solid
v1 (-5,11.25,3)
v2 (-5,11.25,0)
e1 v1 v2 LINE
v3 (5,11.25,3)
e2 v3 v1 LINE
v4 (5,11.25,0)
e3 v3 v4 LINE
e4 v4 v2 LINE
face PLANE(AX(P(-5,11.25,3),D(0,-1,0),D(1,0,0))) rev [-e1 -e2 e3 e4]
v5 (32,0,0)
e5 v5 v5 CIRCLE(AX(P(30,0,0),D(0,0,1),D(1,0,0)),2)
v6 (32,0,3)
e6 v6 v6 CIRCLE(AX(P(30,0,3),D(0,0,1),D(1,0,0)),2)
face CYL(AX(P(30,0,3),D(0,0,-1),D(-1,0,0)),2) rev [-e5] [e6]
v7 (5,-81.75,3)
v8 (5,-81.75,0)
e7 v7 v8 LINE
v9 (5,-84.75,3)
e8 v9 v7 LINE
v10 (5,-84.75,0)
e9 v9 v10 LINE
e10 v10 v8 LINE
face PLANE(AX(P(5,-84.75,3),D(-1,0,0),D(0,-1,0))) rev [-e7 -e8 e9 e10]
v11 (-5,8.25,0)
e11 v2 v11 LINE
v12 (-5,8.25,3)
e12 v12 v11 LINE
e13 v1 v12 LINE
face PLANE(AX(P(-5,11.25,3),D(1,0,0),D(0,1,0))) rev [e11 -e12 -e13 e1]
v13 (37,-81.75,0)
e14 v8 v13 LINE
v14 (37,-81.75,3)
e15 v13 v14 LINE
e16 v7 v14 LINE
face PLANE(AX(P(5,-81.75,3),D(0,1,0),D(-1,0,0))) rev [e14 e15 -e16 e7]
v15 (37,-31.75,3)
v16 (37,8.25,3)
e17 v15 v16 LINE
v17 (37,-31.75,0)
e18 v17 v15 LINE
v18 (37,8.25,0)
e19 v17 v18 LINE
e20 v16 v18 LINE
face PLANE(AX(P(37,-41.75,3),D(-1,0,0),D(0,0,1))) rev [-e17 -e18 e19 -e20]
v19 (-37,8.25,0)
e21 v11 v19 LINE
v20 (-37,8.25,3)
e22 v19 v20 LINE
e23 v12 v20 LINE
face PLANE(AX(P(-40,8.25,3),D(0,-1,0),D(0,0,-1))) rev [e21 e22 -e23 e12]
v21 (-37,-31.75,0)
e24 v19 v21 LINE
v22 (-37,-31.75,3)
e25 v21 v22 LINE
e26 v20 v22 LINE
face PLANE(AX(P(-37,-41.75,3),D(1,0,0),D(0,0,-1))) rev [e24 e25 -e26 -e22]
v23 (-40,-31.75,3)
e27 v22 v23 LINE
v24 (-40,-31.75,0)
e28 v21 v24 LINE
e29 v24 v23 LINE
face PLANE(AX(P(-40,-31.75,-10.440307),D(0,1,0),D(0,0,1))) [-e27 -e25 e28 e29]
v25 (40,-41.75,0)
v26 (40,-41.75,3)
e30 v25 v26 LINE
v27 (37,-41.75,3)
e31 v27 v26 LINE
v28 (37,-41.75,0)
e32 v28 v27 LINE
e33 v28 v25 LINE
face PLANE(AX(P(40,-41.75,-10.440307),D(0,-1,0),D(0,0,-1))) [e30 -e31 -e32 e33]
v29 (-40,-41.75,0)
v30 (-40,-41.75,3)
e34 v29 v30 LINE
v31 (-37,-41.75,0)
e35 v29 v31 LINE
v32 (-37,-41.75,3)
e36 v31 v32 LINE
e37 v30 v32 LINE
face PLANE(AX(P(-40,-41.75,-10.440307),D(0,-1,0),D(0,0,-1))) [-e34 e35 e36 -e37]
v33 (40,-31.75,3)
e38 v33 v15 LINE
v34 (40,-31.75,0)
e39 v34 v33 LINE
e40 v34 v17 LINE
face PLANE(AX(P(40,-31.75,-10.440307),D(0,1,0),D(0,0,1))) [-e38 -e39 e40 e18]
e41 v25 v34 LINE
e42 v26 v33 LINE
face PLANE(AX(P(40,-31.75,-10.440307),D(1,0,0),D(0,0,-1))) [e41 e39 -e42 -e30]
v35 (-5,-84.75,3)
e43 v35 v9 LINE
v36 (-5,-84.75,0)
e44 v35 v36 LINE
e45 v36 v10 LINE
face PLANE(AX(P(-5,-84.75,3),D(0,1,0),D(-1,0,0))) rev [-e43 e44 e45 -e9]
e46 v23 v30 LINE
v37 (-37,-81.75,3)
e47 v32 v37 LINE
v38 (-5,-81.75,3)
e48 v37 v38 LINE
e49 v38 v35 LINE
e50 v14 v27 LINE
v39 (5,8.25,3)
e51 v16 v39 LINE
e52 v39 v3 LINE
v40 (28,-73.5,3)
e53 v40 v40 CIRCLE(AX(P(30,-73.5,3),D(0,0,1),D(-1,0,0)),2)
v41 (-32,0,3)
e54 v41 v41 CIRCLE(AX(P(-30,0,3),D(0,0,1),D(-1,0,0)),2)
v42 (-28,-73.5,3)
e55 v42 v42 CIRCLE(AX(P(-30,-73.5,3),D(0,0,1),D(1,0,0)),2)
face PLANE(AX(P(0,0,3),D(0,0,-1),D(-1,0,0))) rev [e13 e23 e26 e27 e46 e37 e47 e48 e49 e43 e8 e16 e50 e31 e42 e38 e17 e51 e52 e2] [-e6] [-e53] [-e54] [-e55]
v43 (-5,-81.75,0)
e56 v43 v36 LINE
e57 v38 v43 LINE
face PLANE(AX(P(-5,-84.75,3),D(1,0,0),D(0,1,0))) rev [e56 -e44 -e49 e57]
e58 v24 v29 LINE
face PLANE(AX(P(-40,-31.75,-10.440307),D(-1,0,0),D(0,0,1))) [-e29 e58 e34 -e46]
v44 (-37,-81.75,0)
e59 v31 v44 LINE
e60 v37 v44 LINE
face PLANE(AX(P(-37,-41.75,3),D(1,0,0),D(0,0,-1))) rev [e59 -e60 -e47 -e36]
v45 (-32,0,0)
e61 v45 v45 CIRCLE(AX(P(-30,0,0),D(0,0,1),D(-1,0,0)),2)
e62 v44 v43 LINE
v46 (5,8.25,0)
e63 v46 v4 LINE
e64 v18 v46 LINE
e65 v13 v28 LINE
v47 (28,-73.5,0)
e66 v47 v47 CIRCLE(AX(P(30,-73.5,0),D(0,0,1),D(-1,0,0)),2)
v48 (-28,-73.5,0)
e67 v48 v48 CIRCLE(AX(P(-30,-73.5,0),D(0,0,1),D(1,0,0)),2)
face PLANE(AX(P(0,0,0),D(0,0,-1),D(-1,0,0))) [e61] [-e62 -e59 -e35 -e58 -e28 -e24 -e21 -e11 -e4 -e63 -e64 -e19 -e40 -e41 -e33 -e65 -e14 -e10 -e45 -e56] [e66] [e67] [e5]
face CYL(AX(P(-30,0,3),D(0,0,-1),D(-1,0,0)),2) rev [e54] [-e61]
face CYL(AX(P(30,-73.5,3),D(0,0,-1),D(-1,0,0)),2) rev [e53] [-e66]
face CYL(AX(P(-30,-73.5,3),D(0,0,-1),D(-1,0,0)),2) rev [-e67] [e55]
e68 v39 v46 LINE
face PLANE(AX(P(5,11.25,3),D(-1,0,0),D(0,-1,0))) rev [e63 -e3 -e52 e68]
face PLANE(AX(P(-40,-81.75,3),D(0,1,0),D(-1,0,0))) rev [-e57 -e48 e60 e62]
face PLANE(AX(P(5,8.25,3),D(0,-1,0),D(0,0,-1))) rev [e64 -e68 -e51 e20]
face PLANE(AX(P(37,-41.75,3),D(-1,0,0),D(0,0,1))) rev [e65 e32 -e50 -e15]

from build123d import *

# Parameters (mm, degrees)
SKETCH1_R           = 2
BOSS_EXTRUDE1_DEPTH = 3
SKETCH2_W           = 3
SKETCH2_H           = 96
CUT_EXTRUDE1_DEPTH  = 10
SKETCH3_W           = 3
SKETCH3_H           = 10
BOSS_EXTRUDE2_DEPTH = 3


with BuildPart() as part:
    # Sketch1 → Boss-Extrude1 (new body)
    with BuildSketch(Plane.XY):
        Polygon((5, 8.25), (40, 8.25), (40, -31.75), (37, -31.75), (37, -41.75), (40, -41.75), (40, -81.75), (5, -81.75), (5, -84.75), (-5, -84.75), (-5, -81.75), (-40, -81.75), (-40, -41.75), (-37, -41.75), (-37, -31.75), (-40, -31.75), (-40, 8.25), (-5, 8.25), (-5, 11.25), (5, 11.25), align=None)
        with Locations((30, 0)):
            Circle(SKETCH1_R, mode=Mode.SUBTRACT)
        with Locations(Location((30, -73.5, 0), (0, 0, 180))):
            Circle(SKETCH1_R, mode=Mode.SUBTRACT)
        with Locations((-30, -73.5)):
            Circle(SKETCH1_R, mode=Mode.SUBTRACT)
        with Locations(Location((-30, 0, 0), (0, 0, 180))):
            Circle(SKETCH1_R, mode=Mode.SUBTRACT)
    extrude(amount=BOSS_EXTRUDE1_DEPTH)

    # Sketch2 → Cut-Extrude1 (cut)
    with BuildSketch(Plane.XY.offset(3)):
        with Locations((38.5, -36.75)):
            Rectangle(SKETCH2_W, SKETCH2_H)
        with Locations((-38.5, -36.75)):
            Rectangle(SKETCH2_W, SKETCH2_H)
    extrude(amount=-CUT_EXTRUDE1_DEPTH, mode=Mode.SUBTRACT)

    # Sketch3 → Boss-Extrude2 (add)
    with BuildSketch(Plane.XY.offset(3)):
        with Locations((38.5, -36.75)):
            Rectangle(SKETCH3_W, SKETCH3_H)
        with Locations((-38.5, -36.75)):
            Rectangle(SKETCH3_W, SKETCH3_H)
    extrude(amount=-BOSS_EXTRUDE2_DEPTH)


solid = part.part
